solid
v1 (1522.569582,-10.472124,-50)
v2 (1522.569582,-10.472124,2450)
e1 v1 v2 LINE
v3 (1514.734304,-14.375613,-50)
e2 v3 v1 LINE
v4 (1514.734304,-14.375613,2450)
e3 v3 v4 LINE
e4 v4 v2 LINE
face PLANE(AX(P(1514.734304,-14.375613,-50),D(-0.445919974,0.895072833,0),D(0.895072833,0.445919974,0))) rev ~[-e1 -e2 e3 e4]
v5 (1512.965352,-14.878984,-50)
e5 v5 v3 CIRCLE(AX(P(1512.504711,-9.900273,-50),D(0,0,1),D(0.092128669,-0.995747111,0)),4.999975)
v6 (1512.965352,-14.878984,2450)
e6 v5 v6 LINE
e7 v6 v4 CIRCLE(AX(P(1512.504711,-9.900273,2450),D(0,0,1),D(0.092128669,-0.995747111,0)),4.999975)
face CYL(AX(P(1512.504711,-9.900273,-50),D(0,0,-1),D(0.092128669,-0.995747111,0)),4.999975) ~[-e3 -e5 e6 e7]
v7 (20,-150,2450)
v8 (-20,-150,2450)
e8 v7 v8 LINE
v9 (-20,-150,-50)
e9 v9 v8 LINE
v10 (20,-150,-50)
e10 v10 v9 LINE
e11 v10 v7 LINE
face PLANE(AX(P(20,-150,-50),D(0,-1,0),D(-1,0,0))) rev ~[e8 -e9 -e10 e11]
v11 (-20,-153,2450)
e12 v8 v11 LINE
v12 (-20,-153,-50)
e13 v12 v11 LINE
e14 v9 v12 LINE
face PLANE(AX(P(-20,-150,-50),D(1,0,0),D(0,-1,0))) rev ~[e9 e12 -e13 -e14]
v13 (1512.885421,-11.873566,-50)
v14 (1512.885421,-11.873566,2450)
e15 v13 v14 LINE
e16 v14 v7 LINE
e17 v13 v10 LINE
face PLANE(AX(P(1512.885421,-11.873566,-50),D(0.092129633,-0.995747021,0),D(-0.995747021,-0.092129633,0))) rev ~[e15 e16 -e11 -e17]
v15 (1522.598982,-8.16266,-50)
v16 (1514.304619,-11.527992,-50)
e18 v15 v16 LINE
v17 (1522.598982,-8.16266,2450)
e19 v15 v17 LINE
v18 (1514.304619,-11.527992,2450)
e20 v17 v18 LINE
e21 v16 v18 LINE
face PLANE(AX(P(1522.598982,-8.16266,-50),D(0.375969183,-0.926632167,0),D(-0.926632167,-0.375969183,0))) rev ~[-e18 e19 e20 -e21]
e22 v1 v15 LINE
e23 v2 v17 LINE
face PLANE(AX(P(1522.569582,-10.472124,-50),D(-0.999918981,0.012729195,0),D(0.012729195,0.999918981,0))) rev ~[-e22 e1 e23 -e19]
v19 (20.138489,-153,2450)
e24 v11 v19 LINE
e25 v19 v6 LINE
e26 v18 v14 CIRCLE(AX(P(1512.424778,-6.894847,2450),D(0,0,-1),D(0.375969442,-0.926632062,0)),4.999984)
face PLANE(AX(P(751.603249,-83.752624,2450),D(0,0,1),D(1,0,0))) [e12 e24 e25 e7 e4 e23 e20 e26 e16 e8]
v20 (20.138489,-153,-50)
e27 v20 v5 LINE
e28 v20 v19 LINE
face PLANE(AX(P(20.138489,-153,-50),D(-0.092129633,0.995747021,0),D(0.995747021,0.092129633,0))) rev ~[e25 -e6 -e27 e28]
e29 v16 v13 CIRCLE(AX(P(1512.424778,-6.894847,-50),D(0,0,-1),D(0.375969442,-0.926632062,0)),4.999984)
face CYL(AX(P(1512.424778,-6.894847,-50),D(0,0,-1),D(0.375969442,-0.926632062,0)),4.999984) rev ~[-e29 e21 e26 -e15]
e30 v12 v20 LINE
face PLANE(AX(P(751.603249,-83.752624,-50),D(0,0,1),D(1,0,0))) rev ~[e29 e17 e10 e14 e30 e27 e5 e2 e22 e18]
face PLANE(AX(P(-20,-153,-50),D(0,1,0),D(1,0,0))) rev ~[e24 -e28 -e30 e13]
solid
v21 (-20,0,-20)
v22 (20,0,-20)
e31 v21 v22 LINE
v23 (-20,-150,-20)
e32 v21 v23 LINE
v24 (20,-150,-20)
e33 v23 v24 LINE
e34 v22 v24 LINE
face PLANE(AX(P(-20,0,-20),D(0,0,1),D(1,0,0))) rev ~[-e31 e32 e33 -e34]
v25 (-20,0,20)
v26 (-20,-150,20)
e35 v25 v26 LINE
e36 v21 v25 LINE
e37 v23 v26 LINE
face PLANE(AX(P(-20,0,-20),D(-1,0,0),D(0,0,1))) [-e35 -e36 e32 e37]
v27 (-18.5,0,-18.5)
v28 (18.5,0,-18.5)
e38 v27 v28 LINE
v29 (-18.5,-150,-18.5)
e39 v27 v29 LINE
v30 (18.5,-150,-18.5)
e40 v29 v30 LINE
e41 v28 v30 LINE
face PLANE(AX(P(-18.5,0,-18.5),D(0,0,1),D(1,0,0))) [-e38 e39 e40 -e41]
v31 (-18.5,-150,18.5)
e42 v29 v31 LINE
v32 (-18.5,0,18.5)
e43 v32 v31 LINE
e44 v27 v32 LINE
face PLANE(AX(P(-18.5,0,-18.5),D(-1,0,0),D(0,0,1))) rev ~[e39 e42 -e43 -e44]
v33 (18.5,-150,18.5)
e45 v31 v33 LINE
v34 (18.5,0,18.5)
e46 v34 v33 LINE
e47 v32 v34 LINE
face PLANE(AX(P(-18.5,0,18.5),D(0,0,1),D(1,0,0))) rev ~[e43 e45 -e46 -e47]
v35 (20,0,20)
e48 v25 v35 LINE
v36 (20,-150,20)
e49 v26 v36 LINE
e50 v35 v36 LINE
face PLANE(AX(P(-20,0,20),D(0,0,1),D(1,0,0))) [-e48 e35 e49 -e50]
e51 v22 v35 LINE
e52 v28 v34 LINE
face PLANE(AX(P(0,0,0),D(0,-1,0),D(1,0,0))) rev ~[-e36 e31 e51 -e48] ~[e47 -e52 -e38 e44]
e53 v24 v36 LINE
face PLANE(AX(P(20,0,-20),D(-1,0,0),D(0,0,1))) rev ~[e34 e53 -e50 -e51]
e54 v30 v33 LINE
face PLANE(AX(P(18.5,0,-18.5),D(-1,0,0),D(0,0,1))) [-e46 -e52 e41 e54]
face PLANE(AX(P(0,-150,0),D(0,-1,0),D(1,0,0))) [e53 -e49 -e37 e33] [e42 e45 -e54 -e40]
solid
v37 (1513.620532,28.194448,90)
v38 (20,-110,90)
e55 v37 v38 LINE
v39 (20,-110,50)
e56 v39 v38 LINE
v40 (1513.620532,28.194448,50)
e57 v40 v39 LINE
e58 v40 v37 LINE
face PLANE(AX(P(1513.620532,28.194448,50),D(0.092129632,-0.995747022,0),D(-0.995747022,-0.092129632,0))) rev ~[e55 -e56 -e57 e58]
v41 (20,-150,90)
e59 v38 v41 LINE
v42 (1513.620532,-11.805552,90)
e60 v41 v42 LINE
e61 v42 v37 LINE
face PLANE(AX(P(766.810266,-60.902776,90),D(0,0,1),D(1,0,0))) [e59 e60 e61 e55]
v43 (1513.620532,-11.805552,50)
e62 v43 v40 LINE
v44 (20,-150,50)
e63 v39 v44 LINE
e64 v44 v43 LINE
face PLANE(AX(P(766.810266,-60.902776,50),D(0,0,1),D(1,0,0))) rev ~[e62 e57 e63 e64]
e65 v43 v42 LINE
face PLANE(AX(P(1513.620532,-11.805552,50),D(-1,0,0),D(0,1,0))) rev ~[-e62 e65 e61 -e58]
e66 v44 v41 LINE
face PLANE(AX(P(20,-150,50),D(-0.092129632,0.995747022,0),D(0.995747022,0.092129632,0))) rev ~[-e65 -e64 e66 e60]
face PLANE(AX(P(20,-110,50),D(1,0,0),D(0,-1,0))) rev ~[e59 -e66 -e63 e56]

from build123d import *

# Parameters (mm, degrees)
F0_W     = 40
F0_H     = 40
F0_W_2   = 37
F0_H_2   = 37
F1_DEPTH = 150
F4_DEPTH = 40
F7_DEPTH = 2500


with BuildPart() as f1:
    # F0 (on Front) → F1 (new body)
    with BuildSketch(Plane.XZ):
        Rectangle(F0_W, F0_H)
        Rectangle(F0_W_2, F0_H_2, mode=Mode.SUBTRACT)
    extrude(amount=F1_DEPTH)


with BuildPart() as f4:
    # F3 (on offset) → F4 (new body)
    with BuildSketch(Plane.XY.offset(50)):
        Polygon((20, -110), (20, -150), (1513.620532, -11.805552), (1513.620532, 28.194448), align=None)
    extrude(amount=F4_DEPTH)


with BuildPart() as f7:
    # F6 (on offset) → F7 (new body)
    with BuildSketch(Plane.XY.offset(-50)):
        with BuildLine():
            Line((-20, -153), (20.138489, -153))
            Line((20.138489, -153), (1512.965352, -14.878984))
            ThreePointArc((1512.965352, -14.878984), (1513.873172, -14.709334), (1514.734304, -14.375613))
            Line((1514.734304, -14.375613), (1522.569582, -10.472124))
            Line((1522.569582, -10.472124), (1522.598982, -8.16266))
            Line((1522.598982, -8.16266), (1514.304619, -11.527992))
            ThreePointArc((1514.304619, -11.527992), (1513.607707, -11.752883), (1512.885421, -11.873566))
            Line((1512.885421, -11.873566), (20, -150))
            Line((20, -150), (-20, -150))
            Line((-20, -150), (-20, -153))
        make_face()
    extrude(amount=F7_DEPTH)


solid = Compound([f1.part, f4.part, f7.part])
